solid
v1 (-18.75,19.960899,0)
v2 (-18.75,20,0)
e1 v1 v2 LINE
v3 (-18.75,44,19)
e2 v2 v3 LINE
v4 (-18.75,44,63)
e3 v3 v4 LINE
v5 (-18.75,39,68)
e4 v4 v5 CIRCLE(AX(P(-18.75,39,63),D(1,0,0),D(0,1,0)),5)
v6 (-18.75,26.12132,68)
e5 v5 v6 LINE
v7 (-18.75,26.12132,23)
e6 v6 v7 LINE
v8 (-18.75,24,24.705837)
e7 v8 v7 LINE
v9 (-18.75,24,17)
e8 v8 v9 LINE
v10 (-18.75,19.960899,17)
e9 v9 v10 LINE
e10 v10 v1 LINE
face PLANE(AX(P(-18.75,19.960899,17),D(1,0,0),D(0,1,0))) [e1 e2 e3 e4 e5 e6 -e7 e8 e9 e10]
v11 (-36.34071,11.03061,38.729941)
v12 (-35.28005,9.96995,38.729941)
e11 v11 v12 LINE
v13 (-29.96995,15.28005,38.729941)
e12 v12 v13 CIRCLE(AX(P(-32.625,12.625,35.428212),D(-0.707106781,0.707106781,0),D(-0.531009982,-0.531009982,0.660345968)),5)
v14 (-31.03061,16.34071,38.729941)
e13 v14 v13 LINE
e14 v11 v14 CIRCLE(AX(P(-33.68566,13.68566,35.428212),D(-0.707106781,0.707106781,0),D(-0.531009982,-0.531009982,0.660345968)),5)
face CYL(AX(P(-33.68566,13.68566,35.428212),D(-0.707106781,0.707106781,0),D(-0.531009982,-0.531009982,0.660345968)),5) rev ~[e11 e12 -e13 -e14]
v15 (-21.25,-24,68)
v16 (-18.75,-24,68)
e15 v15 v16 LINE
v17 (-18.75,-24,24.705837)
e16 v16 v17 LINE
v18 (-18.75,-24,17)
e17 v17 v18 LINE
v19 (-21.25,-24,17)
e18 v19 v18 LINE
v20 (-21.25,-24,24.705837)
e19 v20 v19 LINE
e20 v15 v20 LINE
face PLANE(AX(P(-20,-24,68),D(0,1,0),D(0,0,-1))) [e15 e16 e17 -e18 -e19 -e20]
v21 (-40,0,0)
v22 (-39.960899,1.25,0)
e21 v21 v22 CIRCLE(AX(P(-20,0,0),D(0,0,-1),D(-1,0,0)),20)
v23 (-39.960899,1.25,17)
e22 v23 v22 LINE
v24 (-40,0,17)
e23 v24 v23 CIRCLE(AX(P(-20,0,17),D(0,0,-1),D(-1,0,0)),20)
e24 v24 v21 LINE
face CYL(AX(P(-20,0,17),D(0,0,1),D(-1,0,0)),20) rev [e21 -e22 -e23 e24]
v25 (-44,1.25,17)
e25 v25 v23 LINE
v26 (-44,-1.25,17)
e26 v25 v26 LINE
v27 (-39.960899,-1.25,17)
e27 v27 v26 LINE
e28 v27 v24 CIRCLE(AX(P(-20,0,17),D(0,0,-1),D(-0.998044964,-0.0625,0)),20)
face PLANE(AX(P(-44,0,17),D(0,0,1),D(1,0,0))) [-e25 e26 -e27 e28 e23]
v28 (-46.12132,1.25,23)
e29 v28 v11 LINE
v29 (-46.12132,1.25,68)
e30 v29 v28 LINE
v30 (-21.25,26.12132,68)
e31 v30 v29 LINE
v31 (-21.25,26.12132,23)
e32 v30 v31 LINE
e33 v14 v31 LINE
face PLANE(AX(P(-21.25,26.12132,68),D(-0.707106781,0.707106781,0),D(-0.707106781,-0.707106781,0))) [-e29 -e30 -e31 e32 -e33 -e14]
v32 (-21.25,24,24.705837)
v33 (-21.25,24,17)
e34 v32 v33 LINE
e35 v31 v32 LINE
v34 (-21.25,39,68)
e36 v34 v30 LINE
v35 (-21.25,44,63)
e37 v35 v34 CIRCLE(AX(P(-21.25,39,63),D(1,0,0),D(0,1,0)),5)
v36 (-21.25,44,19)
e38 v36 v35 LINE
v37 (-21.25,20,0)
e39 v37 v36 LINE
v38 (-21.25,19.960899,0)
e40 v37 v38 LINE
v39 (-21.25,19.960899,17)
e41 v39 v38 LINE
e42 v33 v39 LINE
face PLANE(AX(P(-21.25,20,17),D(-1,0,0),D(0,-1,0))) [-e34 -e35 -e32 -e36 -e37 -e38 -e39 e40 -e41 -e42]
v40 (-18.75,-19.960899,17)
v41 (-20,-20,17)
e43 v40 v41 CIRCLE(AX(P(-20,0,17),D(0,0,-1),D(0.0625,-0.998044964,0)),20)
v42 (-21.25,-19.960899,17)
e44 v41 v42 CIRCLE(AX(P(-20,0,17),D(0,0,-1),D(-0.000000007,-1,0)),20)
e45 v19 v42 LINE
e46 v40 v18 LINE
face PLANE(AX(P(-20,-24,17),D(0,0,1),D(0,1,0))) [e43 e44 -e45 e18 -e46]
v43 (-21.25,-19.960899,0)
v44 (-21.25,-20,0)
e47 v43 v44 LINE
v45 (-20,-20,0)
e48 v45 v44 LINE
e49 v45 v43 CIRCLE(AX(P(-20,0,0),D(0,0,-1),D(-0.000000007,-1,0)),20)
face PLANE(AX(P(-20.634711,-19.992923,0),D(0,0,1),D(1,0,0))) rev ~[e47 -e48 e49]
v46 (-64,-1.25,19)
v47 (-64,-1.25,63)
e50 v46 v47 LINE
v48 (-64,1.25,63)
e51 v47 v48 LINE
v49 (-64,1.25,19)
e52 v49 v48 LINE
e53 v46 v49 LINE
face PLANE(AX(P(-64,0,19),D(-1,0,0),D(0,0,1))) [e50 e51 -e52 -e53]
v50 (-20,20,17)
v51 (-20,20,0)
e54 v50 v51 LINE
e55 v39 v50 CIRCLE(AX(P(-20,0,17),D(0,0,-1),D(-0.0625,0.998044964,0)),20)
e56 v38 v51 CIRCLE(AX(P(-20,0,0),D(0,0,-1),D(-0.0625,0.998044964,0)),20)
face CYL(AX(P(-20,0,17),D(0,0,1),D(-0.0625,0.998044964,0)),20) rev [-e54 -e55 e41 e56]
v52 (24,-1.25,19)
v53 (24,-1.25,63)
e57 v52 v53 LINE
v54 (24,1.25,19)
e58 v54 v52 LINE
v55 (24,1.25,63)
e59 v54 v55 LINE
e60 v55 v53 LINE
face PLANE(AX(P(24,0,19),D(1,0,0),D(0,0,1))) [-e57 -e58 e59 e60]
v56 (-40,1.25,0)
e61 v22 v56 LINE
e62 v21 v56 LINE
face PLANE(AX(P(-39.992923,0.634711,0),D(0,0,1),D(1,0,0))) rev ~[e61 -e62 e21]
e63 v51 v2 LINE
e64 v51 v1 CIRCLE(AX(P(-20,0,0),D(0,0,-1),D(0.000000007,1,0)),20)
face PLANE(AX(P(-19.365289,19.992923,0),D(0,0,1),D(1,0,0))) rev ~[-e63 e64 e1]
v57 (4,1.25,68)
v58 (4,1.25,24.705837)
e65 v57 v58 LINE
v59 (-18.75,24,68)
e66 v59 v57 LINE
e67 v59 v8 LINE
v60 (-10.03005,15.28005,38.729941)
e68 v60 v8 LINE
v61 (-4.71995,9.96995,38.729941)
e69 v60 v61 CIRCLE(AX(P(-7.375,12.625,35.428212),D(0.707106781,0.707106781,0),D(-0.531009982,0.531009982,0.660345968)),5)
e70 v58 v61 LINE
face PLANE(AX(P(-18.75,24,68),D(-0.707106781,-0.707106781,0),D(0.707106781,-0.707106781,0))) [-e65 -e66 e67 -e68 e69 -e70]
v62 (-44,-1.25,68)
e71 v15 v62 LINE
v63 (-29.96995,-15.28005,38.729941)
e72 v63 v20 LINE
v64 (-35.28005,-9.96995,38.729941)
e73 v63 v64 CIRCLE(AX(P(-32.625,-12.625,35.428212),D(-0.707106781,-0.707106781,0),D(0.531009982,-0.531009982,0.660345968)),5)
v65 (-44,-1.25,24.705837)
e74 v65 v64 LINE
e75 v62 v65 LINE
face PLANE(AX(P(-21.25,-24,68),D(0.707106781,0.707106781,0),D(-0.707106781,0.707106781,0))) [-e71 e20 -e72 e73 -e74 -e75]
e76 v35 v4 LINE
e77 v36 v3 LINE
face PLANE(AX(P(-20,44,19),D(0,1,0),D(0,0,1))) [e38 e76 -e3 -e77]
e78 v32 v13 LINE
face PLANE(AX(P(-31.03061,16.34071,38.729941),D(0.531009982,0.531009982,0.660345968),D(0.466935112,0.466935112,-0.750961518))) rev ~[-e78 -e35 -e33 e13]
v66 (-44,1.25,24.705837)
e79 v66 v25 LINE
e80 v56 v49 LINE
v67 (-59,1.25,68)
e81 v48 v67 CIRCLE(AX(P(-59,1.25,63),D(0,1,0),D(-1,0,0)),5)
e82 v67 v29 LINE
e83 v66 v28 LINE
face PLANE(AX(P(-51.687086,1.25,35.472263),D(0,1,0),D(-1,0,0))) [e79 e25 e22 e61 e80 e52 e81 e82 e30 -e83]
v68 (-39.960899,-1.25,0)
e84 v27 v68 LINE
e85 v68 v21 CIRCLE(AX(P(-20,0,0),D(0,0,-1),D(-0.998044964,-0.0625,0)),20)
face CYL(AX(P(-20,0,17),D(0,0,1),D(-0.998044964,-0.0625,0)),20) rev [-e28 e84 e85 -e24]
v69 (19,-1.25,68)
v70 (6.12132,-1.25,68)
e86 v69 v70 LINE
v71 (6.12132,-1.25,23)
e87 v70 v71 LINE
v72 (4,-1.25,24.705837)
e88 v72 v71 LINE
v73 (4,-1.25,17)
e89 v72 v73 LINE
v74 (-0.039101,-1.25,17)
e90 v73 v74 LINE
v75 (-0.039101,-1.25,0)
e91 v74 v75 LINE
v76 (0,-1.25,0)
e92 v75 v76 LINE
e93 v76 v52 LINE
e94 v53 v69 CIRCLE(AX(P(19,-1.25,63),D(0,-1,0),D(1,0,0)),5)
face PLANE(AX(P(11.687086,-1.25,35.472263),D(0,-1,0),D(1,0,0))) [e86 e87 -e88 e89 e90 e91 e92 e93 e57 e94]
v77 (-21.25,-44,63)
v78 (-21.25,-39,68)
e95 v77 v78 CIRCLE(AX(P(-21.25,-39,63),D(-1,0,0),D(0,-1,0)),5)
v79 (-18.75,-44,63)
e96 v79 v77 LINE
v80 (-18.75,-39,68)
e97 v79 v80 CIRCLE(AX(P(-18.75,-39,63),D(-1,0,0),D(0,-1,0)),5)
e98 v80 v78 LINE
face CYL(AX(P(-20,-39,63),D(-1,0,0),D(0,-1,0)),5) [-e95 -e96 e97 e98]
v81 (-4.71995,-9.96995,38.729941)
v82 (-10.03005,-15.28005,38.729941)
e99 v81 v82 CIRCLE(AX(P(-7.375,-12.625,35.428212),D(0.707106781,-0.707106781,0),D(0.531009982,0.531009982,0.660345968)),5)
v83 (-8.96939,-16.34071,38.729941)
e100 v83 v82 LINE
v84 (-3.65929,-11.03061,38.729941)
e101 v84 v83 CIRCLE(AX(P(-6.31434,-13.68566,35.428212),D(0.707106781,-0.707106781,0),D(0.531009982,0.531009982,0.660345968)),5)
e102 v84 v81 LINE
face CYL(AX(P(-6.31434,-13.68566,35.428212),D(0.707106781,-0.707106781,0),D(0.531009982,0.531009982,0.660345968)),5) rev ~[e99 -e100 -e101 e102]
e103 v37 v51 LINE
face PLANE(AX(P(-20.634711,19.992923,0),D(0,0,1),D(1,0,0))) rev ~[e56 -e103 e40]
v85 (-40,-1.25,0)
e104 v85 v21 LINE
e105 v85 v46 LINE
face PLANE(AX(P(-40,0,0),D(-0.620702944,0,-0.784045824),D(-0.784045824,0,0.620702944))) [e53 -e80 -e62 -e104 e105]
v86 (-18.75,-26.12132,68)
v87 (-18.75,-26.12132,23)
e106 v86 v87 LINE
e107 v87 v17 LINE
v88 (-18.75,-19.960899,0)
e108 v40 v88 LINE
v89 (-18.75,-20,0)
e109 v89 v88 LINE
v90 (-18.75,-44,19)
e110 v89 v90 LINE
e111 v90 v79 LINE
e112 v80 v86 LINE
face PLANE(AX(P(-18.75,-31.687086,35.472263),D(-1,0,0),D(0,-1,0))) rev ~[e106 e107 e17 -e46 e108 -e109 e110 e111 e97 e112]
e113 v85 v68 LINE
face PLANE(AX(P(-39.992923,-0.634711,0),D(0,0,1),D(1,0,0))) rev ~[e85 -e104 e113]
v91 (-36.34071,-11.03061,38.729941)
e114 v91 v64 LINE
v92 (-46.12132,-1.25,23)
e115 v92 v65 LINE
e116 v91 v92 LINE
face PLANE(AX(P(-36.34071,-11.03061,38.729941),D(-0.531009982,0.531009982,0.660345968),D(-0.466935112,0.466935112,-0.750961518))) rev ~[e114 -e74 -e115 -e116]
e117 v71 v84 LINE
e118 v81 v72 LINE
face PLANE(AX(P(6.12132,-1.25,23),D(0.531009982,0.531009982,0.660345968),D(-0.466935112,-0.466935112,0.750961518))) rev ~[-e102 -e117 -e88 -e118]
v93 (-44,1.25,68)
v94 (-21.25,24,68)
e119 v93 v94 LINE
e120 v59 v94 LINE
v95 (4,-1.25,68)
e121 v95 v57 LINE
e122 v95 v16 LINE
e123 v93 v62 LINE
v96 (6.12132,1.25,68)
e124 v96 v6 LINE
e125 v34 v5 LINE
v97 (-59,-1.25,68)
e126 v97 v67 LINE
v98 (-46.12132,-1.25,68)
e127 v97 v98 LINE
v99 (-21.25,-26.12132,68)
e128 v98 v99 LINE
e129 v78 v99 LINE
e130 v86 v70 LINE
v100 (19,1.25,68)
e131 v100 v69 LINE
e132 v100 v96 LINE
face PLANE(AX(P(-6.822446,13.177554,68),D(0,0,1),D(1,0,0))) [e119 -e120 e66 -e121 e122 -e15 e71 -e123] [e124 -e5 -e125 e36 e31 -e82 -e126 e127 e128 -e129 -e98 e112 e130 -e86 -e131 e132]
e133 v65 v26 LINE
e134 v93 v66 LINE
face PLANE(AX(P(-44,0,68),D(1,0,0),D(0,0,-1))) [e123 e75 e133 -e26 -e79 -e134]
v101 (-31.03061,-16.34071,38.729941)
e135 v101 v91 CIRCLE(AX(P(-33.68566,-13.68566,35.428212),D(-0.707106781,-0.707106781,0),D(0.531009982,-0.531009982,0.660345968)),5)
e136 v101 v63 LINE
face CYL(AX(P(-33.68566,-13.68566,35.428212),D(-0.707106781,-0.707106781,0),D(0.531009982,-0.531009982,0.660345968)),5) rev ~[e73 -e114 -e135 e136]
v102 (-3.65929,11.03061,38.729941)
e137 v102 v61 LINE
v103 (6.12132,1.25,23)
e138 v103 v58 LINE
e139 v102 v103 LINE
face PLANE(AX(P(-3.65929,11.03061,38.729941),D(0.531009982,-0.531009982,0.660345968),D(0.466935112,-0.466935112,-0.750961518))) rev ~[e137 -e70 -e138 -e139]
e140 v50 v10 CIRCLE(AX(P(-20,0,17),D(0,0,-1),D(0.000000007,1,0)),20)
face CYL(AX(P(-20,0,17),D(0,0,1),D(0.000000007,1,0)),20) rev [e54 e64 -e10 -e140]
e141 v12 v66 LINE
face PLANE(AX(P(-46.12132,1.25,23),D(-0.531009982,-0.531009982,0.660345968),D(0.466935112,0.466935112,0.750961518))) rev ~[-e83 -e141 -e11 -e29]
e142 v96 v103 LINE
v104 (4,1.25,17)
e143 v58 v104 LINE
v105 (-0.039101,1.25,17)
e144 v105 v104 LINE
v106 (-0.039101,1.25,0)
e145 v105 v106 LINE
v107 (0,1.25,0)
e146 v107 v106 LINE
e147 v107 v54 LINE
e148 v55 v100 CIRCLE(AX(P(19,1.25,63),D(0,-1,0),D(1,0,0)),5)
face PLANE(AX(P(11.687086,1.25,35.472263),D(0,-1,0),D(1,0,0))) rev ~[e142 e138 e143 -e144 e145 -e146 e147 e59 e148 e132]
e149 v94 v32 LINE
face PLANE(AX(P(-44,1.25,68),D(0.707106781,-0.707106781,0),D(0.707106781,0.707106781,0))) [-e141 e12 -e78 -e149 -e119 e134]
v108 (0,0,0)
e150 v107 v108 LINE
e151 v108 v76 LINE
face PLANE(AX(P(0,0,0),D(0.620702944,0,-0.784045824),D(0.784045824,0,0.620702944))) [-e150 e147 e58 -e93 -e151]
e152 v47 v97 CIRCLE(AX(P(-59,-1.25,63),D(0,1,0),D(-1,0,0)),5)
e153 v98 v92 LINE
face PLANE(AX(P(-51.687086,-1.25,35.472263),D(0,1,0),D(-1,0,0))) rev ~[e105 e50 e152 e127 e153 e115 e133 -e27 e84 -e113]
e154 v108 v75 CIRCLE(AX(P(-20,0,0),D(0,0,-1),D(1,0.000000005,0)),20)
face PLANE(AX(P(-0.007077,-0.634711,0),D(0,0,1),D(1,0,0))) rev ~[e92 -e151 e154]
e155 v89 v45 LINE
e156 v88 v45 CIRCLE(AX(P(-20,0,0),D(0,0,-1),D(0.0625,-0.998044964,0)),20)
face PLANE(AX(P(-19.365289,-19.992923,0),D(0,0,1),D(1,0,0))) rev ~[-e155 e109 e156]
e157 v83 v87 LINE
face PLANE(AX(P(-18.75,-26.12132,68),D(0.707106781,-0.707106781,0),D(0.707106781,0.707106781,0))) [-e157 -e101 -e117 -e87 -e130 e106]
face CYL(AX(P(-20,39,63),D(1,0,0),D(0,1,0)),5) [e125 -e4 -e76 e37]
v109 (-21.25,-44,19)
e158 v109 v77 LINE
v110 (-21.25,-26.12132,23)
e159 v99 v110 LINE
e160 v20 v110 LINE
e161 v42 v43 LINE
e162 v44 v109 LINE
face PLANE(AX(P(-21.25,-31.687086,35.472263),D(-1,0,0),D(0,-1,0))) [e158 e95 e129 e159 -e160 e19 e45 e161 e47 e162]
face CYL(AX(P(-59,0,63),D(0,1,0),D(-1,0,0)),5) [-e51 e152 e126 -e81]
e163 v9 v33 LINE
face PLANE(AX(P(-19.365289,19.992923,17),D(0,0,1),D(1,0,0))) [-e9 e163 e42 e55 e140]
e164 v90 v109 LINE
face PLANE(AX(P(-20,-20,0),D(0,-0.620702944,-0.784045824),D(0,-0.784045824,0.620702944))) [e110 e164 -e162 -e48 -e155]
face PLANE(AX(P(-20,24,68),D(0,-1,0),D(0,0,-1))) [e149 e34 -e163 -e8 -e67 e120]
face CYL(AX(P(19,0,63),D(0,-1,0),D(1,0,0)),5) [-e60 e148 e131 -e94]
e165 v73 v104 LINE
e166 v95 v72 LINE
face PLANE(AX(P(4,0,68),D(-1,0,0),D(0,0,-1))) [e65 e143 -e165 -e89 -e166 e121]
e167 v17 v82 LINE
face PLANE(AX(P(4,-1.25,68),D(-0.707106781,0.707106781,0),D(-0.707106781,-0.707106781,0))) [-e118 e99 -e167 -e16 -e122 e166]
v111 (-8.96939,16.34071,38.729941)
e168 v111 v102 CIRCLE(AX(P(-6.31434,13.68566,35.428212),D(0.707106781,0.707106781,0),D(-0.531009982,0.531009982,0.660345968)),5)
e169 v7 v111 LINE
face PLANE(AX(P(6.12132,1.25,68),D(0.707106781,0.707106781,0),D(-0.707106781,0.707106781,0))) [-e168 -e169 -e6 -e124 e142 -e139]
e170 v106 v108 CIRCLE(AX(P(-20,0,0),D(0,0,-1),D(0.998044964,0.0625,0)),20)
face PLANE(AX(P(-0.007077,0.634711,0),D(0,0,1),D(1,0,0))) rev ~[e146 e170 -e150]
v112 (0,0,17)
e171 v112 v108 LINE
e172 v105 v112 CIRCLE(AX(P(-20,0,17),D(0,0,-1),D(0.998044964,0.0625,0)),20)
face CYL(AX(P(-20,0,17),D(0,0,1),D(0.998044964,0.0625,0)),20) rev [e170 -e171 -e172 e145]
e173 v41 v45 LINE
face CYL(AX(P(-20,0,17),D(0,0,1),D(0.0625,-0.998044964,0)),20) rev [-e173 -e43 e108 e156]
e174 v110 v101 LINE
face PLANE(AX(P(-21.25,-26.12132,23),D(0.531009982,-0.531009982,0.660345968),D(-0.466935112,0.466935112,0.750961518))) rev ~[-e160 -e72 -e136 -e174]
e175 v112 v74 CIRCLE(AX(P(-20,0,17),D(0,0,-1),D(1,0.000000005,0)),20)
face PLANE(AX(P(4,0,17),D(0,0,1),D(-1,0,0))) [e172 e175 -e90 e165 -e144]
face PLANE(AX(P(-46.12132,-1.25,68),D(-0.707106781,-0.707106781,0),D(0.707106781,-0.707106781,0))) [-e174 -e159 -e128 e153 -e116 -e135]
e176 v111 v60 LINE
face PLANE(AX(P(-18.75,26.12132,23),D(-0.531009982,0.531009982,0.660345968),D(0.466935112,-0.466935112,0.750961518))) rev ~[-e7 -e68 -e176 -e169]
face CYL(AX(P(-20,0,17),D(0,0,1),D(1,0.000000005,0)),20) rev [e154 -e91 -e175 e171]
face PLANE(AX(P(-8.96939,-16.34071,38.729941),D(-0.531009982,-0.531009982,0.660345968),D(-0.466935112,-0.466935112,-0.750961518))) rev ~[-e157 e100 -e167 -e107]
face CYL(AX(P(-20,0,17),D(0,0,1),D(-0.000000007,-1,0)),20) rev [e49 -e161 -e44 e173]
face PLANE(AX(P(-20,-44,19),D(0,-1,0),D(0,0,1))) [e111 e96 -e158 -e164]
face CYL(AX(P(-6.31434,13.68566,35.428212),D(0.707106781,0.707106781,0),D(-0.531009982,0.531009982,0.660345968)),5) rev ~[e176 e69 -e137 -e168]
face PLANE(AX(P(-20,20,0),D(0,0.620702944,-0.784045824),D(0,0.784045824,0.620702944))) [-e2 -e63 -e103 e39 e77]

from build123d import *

# Parameters (mm, degrees)
F1_DEPTH  = 1.25
F3_COUNT  = 4
F6_DEPTH  = 45
F8_DEPTH  = 5
F9_COUNT  = 4
F11_DEPTH = 17


with BuildPart() as f1:
    # F0 (on Front) → F1 (new body, symmetric)
    with BuildSketch(Plane.XZ):
        with BuildLine():
            Line((0, 17), (0, 0))
            Line((0, 0), (24, 19))
            Line((24, 19), (24, 63))
            ThreePointArc((24, 63), (22.5355339059, 66.5355339059), (19, 68))
            Line((19, 68), (4, 68))
            Line((4, 68), (4, 17))
            Line((4, 17), (0, 17))
        make_face()
    extrude(amount=F1_DEPTH, both=True)


with BuildPart() as f3_1:
    # F3: instance of F1
    add(f1.part.rotate(Axis((-20, 0, 4.0539303016), (0, 0, 1)), 1 * 360 / F3_COUNT))


with BuildPart() as f3_2:
    # F3: instance of F1
    add(f1.part.rotate(Axis((-20, 0, 4.0539303016), (0, 0, 1)), 2 * 360 / F3_COUNT))


with BuildPart() as f3_3:
    # F3: instance of F1
    add(f1.part.rotate(Axis((-20, 0, 4.0539303016), (0, 0, 1)), 3 * 360 / F3_COUNT))


with BuildPart() as f6:
    # F5 (on face) → F6 (new body)
    with BuildSketch(Plane.XY.offset(68)):
        Polygon((-18.75, 26.1213203436), (-18.75, 24), (4, 1.25), (6.1213203436, 1.25), align=None)
    extrude(amount=-F6_DEPTH)

    # F7 (on face) → F8 (cut)
    with BuildSketch(Plane(origin=(3.6856601718, 3.6856601718, 0), x_dir=(-0.7071067812, 0.7071067812, 0), z_dir=(0.7071067812, 0.7071067812, 0))):
        with BuildLine():
            Line((31.7288148957, 23), (17.8969432153, 38.7299413567))
            ThreePointArc((17.8969432153, 38.7299413567), (14.1421356237, 40.4282115146), (10.3873280321, 38.7299413567))
            Line((10.3873280321, 38.7299413567), (-3.4445436483, 23))
            Line((-3.4445436483, 23), (31.7288148957, 23))
        make_face()
    extrude(amount=-F8_DEPTH, mode=Mode.SUBTRACT)


with BuildPart() as f1_1:
    add(f1.part)

    add(f3_1.part)  # F9 merges F3_1

    add(f3_2.part)  # F9 merges F3_2

    add(f3_3.part)  # F9 merges F3_3
    # F9: F6 ×4 about axis
    f9_axis = Axis((-20, 0, 68), (0, 0, 1))
    for i in range(1, F9_COUNT):
        add(f6.part.rotate(f9_axis, i * 360 / F9_COUNT))

    add(f6.part)  # F11 merges F6
    # F10 (on face) → F11 (join)
    with BuildSketch(Plane.XY.offset(17)):
        with BuildLine():
            Line((-18.75, 19.9608992783), (-18.75, 20))
            Line((-18.75, 20), (-19.9999998635, 20))
            ThreePointArc((-19.9999998635, 20), (-19.3746942332, 19.9902224274), (-18.75, 19.9608992783))
        make_face()
        with BuildLine():
            ThreePointArc((-21.25, 19.9608992783), (-20.6253056303, 19.9902224317), (-19.9999998635, 20))
            Line((-19.9999998635, 20), (-21.25, 20))
            Line((-21.25, 20), (-21.25, 19.9608992783))
        make_face()
        with BuildLine():
            Line((-0.0391007217, -1.25), (0, -1.25))
            Line((0, -1.25), (0, 9.88e-08))
            ThreePointArc((0, 9.88e-08), (-0.0097775689, -0.6253056492), (-0.0391007217, -1.25))
        make_face()
        with BuildLine():
            ThreePointArc((-0.0391007217, 1.25), (-0.009777572, 0.6253057479), (0, 9.88e-08))
            Line((0, 9.88e-08), (0, 1.25))
            Line((0, 1.25), (-0.0391007217, 1.25))
        make_face()
        with BuildLine():
            Line((-21.25, -19.9608992783), (-21.25, -20))
            Line((-21.25, -20), (-20.0000001365, -20))
            ThreePointArc((-20.0000001365, -20), (-20.6253057668, -19.9902224274), (-21.25, -19.9608992783))
        make_face()
        with BuildLine():
            ThreePointArc((-18.75, -19.9608992783), (-19.3746943697, -19.9902224317), (-20.0000001365, -20))
            Line((-20.0000001365, -20), (-18.75, -20))
            Line((-18.75, -20), (-18.75, -19.9608992783))
        make_face()
        with BuildLine():
            Line((-39.9608992783, 1.25), (-40, 1.25))
            Line((-40, 1.25), (-40, 0))
            ThreePointArc((-40, 0), (-39.9902224296, 0.6253056985), (-39.9608992783, 1.25))
        make_face()
        with BuildLine():
            ThreePointArc((-39.9608992783, -1.25), (-39.9902224296, -0.6253056985), (-40, 0))
            Line((-40, 0), (-40, -1.25))
            Line((-40, -1.25), (-39.9608992783, -1.25))
        make_face()
    extrude(amount=-F11_DEPTH)


solid = f1_1.part
